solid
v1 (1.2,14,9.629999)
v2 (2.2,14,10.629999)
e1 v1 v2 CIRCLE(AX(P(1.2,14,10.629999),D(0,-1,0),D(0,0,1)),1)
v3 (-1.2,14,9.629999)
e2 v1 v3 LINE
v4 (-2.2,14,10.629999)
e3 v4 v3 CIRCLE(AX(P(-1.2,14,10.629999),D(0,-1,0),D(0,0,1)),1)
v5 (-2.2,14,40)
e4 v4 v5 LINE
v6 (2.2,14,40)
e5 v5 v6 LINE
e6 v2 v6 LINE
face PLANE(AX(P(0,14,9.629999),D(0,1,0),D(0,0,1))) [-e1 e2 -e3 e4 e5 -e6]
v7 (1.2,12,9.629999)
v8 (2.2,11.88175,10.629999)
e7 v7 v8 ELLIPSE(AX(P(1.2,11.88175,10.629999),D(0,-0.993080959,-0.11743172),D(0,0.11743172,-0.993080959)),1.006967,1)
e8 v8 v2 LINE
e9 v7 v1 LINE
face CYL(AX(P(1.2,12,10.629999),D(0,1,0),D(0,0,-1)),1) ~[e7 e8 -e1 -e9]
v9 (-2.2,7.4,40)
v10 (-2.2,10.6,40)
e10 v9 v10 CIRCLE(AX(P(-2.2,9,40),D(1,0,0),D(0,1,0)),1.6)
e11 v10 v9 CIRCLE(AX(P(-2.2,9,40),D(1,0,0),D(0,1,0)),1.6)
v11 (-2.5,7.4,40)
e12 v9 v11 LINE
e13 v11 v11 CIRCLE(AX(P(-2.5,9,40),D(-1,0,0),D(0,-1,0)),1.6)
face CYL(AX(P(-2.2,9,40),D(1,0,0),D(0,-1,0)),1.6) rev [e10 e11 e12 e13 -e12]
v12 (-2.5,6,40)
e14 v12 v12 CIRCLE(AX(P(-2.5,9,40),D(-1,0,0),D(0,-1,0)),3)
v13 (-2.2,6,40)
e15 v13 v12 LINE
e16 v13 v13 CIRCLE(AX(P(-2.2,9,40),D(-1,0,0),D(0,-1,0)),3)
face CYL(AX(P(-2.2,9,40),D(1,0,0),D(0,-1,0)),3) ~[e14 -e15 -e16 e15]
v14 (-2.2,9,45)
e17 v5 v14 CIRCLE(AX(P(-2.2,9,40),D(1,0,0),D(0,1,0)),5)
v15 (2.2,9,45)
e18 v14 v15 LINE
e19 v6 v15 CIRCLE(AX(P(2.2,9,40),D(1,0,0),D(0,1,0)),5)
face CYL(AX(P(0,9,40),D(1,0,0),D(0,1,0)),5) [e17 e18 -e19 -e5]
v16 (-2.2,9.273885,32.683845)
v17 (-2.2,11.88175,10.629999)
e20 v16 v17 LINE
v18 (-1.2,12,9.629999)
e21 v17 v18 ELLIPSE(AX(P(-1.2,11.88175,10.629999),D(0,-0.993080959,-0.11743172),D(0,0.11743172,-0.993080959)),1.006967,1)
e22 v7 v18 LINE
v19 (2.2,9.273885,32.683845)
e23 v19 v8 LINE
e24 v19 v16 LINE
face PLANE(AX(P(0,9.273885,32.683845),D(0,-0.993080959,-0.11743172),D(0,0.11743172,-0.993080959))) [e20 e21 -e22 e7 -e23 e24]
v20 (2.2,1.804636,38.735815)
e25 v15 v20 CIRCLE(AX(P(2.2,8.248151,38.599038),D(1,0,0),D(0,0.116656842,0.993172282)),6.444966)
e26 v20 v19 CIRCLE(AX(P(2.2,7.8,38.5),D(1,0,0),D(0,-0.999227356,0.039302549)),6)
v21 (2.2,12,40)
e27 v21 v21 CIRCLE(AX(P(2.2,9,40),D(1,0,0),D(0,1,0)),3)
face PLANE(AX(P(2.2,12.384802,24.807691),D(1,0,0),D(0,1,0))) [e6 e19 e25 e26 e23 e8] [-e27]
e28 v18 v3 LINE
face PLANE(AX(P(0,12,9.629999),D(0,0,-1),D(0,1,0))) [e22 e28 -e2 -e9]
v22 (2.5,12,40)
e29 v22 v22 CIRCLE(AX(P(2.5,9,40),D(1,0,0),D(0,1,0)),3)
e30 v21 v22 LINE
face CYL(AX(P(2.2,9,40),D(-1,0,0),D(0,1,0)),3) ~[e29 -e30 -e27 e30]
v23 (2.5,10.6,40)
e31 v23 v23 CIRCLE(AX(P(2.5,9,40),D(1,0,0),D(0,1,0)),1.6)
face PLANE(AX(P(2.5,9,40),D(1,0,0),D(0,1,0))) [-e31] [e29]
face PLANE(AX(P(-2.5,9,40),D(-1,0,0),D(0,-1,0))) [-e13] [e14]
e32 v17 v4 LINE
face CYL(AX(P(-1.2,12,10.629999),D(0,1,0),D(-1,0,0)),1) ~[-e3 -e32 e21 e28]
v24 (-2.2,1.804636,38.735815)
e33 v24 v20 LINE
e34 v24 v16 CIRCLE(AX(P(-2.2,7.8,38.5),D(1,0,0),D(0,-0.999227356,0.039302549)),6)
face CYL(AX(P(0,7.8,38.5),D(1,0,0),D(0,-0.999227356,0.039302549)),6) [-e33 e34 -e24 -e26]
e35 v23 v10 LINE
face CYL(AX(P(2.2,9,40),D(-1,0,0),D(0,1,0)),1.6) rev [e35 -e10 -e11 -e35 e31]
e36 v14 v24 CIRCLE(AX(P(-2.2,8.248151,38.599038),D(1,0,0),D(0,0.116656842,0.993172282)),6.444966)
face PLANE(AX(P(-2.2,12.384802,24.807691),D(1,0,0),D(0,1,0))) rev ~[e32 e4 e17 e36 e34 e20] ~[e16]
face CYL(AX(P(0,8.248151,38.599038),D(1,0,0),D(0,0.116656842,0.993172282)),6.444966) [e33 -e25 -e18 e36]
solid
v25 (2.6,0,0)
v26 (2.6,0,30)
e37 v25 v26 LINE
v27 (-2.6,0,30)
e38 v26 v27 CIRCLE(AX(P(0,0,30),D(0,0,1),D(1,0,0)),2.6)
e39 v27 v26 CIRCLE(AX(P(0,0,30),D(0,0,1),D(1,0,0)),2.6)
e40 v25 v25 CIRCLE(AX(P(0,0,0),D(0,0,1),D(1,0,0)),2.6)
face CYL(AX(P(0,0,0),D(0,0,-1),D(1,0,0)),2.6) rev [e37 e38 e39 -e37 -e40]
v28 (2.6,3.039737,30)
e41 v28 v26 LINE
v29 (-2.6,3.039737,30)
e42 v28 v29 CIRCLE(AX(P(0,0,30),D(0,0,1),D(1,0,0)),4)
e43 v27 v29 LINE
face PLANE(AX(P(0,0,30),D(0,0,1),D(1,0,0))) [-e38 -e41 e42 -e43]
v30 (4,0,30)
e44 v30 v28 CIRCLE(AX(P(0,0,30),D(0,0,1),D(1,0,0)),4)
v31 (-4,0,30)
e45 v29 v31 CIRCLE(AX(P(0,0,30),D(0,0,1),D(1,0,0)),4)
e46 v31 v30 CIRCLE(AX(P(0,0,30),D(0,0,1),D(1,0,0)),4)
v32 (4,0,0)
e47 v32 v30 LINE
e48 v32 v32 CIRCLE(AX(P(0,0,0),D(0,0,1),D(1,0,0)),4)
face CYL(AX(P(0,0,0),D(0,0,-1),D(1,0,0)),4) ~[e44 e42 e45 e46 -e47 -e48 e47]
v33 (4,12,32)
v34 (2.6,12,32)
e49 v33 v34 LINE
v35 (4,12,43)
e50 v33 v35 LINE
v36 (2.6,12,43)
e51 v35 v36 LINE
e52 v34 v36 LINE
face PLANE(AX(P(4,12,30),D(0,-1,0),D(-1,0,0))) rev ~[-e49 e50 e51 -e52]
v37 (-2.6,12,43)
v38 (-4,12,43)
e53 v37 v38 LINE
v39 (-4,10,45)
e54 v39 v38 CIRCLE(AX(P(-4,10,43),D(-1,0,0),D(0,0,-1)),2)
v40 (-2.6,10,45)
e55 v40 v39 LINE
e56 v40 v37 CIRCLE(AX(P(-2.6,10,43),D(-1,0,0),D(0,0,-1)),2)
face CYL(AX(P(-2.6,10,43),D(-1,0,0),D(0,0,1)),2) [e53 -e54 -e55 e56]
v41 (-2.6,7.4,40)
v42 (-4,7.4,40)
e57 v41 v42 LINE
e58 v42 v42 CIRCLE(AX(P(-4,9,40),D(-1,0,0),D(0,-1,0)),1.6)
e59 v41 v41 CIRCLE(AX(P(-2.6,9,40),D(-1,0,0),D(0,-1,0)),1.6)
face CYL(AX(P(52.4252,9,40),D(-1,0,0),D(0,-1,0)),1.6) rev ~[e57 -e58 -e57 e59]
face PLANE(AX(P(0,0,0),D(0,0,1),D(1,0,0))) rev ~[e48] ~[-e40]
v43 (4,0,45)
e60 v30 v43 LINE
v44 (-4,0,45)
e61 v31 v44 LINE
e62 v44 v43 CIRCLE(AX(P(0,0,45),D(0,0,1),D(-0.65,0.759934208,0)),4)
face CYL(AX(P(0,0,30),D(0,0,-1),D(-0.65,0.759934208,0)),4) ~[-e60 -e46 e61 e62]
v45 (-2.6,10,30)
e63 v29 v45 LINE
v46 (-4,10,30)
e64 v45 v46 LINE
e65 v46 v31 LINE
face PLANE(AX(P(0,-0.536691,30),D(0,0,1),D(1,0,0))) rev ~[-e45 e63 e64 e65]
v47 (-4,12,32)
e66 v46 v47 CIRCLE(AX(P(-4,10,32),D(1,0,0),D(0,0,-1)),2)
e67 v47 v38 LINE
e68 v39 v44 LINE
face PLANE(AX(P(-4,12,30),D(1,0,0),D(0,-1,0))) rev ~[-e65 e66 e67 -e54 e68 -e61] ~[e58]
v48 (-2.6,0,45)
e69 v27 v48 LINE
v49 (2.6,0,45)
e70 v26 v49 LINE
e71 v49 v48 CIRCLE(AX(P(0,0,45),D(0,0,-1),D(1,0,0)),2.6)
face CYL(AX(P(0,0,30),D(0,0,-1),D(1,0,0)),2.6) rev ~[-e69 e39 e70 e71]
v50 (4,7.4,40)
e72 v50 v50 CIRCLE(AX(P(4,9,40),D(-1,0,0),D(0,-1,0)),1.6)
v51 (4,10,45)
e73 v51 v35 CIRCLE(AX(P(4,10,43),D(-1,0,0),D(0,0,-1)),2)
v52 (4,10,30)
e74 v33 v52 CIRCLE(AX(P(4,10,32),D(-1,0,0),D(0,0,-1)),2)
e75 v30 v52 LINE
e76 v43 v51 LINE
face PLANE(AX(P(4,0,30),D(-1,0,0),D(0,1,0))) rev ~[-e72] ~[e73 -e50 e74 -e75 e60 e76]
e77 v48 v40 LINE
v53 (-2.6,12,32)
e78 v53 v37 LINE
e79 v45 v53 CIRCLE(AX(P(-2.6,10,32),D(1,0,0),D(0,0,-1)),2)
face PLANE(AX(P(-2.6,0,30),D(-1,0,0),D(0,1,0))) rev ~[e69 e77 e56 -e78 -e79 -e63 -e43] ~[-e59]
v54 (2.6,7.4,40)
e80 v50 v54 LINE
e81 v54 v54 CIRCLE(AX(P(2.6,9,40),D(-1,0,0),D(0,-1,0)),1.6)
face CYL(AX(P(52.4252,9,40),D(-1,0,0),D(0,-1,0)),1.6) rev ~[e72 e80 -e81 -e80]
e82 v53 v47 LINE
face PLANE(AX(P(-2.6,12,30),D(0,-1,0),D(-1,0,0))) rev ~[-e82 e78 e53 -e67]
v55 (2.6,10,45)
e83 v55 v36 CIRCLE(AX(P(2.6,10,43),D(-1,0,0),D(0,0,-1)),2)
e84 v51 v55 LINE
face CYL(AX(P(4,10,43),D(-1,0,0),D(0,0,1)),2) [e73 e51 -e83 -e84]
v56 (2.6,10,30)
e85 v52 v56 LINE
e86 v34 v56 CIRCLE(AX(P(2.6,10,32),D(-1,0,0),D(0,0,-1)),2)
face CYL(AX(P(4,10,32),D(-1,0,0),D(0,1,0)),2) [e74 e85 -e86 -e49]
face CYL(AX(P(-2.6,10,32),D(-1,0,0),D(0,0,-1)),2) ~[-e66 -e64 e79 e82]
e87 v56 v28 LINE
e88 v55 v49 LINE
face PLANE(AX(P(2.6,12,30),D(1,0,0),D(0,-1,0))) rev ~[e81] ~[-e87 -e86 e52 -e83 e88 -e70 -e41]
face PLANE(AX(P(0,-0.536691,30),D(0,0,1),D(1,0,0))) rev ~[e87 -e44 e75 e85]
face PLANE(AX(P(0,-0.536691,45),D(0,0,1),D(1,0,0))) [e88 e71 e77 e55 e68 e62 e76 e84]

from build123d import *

# Parameters (mm, degrees)
F0_R      = 4
F0_R_2    = 2.6
F1_DEPTH  = 30
F3_DEPTH  = 15
F6_D      = 3.2
F7_R      = 1.6
F8_DEPTH  = 2.2
F9_R      = 3
F9_R_2    = 1.6
F10_DEPTH = 0.3
F11_R     = 3
F11_R_2   = 1.6
F12_DEPTH = 0.3
F13_R     = 2
F14_R     = 1


with BuildPart() as f1:
    # F0 (on Top) → F1 (new body)
    with BuildSketch(Plane.XY):
        Circle(F0_R)
        Circle(F0_R_2, mode=Mode.SUBTRACT)
    extrude(amount=F1_DEPTH)

    # F2 (on face) → F3 (join)
    with BuildSketch(Plane.XY.offset(30)):
        with BuildLine():
            ThreePointArc((2.6, 0), (0, -2.6), (-2.6, 0))
            Line((-2.6, 0), (-2.6, 3.0397368307))
            ThreePointArc((-2.6, 3.0397368307), (-3.6331804249, 1.6733200531), (-4, 0))
            ThreePointArc((-4, 0), (0, -4), (4, 0))
            ThreePointArc((4, 0), (3.6331804249, 1.6733200531), (2.6, 3.0397368307))
            Line((2.6, 3.0397368307), (2.6, 0))
        make_face()
        with BuildLine():
            Line((2.6, 12), (2.6, 3.0397368307))
            ThreePointArc((2.6, 3.0397368307), (3.6331804249, 1.6733200531), (4, 0))
            Line((4, 0), (4, 12))
            Line((4, 12), (2.6, 12))
        make_face()
        with BuildLine():
            ThreePointArc((-4, 0), (-3.6331804249, 1.6733200531), (-2.6, 3.0397368307))
            Line((-2.6, 3.0397368307), (-2.6, 12))
            Line((-2.6, 12), (-4, 12))
            Line((-4, 12), (-4, 0))
        make_face()
    extrude(amount=F3_DEPTH)

    # F6 (through all)
    with Locations(Plane.YZ.offset(4)):
        with Locations((9, 40)):
            Hole(F6_D / 2)

    # F13
    f13_edges = [f1.edges().sort_by_distance(p)[0] for p in [
        (-3.3, 12, 45),
        (3.3, 12, 45),
        (3.3, 12, 30),
        (-3.3, 12, 30),
    ]]
    fillet(f13_edges, radius=F13_R)


with BuildPart() as f8:
    # F7 (on Right) → F8 (new body, symmetric)
    with BuildSketch(Plane.YZ):
        with BuildLine():
            Line((14, 9.6299987846), (14, 40))
            ThreePointArc((14, 40), (12.5355339059, 36.4644660941), (9, 35))
            Line((9, 35), (9.2738851246, 32.6838446857))
            Line((9.2738851246, 32.6838446857), (12, 9.6299987846))
            Line((12, 9.6299987846), (14, 9.6299987846))
        make_face()
        with BuildLine():
            ThreePointArc((9, 35), (12.5355339059, 36.4644660941), (14, 40))
            ThreePointArc((14, 40), (12.5355339059, 43.5355339059), (9, 45))
            ThreePointArc((9, 45), (7.7492471095, 44.8410347248), (6.5780247299, 44.3742468827))
            ThreePointArc((6.5780247299, 44.3742468827), (4.1589652752, 38.7492471095), (9, 35))
        make_face()
        with Locations((9, 40)):
            Circle(F7_R, mode=Mode.SUBTRACT)
        with BuildLine():
            Line((9.2738851246, 32.6838446857), (9, 35))
            ThreePointArc((9, 35), (4.1589652752, 38.7492471095), (6.5780247299, 44.3742468827))
            ThreePointArc((6.5780247299, 44.3742468827), (3.2206469097, 42.3767931689), (1.804635862, 38.7358152947))
            ThreePointArc((1.804635862, 38.7358152947), (4.0227615669, 33.8381902849), (9.2738851246, 32.6838446857))
        make_face()
        with BuildLine():
            ThreePointArc((6.5780247299, 44.3742468827), (7.7492471095, 44.8410347248), (9, 45))
            ThreePointArc((9, 45), (4.016275588, 43.4599870381), (1.804635862, 38.7358152947))
            ThreePointArc((1.804635862, 38.7358152947), (3.2206469097, 42.3767931689), (6.5780247299, 44.3742468827))
        make_face()
    extrude(amount=F8_DEPTH, both=True)

    # F9 (on face) → F10 (join)
    with BuildSketch(Plane.YZ.offset(2.2)):
        with Locations((9, 40)):
            Circle(F9_R)
        with Locations((9, 40)):
            Circle(F9_R_2, mode=Mode.SUBTRACT)
    extrude(amount=F10_DEPTH)

    # F11 (on face) → F12 (join)
    with BuildSketch(Plane(origin=(-2.2, 0, 0), x_dir=(0, -1, 0), z_dir=(-1, 0, 0))):
        with Locations((-9, 40)):
            Circle(F11_R)
        with Locations((-9, 40)):
            Circle(F11_R_2, mode=Mode.SUBTRACT)
    extrude(amount=F12_DEPTH)

    # F14
    f14_edges = [f8.edges().sort_by_distance(p)[0] for p in [
        (-2.2, 13, 9.629999),
        (2.2, 13, 9.629999),
    ]]
    fillet(f14_edges, radius=F14_R)


solid = Compound([f1.part, f8.part])
